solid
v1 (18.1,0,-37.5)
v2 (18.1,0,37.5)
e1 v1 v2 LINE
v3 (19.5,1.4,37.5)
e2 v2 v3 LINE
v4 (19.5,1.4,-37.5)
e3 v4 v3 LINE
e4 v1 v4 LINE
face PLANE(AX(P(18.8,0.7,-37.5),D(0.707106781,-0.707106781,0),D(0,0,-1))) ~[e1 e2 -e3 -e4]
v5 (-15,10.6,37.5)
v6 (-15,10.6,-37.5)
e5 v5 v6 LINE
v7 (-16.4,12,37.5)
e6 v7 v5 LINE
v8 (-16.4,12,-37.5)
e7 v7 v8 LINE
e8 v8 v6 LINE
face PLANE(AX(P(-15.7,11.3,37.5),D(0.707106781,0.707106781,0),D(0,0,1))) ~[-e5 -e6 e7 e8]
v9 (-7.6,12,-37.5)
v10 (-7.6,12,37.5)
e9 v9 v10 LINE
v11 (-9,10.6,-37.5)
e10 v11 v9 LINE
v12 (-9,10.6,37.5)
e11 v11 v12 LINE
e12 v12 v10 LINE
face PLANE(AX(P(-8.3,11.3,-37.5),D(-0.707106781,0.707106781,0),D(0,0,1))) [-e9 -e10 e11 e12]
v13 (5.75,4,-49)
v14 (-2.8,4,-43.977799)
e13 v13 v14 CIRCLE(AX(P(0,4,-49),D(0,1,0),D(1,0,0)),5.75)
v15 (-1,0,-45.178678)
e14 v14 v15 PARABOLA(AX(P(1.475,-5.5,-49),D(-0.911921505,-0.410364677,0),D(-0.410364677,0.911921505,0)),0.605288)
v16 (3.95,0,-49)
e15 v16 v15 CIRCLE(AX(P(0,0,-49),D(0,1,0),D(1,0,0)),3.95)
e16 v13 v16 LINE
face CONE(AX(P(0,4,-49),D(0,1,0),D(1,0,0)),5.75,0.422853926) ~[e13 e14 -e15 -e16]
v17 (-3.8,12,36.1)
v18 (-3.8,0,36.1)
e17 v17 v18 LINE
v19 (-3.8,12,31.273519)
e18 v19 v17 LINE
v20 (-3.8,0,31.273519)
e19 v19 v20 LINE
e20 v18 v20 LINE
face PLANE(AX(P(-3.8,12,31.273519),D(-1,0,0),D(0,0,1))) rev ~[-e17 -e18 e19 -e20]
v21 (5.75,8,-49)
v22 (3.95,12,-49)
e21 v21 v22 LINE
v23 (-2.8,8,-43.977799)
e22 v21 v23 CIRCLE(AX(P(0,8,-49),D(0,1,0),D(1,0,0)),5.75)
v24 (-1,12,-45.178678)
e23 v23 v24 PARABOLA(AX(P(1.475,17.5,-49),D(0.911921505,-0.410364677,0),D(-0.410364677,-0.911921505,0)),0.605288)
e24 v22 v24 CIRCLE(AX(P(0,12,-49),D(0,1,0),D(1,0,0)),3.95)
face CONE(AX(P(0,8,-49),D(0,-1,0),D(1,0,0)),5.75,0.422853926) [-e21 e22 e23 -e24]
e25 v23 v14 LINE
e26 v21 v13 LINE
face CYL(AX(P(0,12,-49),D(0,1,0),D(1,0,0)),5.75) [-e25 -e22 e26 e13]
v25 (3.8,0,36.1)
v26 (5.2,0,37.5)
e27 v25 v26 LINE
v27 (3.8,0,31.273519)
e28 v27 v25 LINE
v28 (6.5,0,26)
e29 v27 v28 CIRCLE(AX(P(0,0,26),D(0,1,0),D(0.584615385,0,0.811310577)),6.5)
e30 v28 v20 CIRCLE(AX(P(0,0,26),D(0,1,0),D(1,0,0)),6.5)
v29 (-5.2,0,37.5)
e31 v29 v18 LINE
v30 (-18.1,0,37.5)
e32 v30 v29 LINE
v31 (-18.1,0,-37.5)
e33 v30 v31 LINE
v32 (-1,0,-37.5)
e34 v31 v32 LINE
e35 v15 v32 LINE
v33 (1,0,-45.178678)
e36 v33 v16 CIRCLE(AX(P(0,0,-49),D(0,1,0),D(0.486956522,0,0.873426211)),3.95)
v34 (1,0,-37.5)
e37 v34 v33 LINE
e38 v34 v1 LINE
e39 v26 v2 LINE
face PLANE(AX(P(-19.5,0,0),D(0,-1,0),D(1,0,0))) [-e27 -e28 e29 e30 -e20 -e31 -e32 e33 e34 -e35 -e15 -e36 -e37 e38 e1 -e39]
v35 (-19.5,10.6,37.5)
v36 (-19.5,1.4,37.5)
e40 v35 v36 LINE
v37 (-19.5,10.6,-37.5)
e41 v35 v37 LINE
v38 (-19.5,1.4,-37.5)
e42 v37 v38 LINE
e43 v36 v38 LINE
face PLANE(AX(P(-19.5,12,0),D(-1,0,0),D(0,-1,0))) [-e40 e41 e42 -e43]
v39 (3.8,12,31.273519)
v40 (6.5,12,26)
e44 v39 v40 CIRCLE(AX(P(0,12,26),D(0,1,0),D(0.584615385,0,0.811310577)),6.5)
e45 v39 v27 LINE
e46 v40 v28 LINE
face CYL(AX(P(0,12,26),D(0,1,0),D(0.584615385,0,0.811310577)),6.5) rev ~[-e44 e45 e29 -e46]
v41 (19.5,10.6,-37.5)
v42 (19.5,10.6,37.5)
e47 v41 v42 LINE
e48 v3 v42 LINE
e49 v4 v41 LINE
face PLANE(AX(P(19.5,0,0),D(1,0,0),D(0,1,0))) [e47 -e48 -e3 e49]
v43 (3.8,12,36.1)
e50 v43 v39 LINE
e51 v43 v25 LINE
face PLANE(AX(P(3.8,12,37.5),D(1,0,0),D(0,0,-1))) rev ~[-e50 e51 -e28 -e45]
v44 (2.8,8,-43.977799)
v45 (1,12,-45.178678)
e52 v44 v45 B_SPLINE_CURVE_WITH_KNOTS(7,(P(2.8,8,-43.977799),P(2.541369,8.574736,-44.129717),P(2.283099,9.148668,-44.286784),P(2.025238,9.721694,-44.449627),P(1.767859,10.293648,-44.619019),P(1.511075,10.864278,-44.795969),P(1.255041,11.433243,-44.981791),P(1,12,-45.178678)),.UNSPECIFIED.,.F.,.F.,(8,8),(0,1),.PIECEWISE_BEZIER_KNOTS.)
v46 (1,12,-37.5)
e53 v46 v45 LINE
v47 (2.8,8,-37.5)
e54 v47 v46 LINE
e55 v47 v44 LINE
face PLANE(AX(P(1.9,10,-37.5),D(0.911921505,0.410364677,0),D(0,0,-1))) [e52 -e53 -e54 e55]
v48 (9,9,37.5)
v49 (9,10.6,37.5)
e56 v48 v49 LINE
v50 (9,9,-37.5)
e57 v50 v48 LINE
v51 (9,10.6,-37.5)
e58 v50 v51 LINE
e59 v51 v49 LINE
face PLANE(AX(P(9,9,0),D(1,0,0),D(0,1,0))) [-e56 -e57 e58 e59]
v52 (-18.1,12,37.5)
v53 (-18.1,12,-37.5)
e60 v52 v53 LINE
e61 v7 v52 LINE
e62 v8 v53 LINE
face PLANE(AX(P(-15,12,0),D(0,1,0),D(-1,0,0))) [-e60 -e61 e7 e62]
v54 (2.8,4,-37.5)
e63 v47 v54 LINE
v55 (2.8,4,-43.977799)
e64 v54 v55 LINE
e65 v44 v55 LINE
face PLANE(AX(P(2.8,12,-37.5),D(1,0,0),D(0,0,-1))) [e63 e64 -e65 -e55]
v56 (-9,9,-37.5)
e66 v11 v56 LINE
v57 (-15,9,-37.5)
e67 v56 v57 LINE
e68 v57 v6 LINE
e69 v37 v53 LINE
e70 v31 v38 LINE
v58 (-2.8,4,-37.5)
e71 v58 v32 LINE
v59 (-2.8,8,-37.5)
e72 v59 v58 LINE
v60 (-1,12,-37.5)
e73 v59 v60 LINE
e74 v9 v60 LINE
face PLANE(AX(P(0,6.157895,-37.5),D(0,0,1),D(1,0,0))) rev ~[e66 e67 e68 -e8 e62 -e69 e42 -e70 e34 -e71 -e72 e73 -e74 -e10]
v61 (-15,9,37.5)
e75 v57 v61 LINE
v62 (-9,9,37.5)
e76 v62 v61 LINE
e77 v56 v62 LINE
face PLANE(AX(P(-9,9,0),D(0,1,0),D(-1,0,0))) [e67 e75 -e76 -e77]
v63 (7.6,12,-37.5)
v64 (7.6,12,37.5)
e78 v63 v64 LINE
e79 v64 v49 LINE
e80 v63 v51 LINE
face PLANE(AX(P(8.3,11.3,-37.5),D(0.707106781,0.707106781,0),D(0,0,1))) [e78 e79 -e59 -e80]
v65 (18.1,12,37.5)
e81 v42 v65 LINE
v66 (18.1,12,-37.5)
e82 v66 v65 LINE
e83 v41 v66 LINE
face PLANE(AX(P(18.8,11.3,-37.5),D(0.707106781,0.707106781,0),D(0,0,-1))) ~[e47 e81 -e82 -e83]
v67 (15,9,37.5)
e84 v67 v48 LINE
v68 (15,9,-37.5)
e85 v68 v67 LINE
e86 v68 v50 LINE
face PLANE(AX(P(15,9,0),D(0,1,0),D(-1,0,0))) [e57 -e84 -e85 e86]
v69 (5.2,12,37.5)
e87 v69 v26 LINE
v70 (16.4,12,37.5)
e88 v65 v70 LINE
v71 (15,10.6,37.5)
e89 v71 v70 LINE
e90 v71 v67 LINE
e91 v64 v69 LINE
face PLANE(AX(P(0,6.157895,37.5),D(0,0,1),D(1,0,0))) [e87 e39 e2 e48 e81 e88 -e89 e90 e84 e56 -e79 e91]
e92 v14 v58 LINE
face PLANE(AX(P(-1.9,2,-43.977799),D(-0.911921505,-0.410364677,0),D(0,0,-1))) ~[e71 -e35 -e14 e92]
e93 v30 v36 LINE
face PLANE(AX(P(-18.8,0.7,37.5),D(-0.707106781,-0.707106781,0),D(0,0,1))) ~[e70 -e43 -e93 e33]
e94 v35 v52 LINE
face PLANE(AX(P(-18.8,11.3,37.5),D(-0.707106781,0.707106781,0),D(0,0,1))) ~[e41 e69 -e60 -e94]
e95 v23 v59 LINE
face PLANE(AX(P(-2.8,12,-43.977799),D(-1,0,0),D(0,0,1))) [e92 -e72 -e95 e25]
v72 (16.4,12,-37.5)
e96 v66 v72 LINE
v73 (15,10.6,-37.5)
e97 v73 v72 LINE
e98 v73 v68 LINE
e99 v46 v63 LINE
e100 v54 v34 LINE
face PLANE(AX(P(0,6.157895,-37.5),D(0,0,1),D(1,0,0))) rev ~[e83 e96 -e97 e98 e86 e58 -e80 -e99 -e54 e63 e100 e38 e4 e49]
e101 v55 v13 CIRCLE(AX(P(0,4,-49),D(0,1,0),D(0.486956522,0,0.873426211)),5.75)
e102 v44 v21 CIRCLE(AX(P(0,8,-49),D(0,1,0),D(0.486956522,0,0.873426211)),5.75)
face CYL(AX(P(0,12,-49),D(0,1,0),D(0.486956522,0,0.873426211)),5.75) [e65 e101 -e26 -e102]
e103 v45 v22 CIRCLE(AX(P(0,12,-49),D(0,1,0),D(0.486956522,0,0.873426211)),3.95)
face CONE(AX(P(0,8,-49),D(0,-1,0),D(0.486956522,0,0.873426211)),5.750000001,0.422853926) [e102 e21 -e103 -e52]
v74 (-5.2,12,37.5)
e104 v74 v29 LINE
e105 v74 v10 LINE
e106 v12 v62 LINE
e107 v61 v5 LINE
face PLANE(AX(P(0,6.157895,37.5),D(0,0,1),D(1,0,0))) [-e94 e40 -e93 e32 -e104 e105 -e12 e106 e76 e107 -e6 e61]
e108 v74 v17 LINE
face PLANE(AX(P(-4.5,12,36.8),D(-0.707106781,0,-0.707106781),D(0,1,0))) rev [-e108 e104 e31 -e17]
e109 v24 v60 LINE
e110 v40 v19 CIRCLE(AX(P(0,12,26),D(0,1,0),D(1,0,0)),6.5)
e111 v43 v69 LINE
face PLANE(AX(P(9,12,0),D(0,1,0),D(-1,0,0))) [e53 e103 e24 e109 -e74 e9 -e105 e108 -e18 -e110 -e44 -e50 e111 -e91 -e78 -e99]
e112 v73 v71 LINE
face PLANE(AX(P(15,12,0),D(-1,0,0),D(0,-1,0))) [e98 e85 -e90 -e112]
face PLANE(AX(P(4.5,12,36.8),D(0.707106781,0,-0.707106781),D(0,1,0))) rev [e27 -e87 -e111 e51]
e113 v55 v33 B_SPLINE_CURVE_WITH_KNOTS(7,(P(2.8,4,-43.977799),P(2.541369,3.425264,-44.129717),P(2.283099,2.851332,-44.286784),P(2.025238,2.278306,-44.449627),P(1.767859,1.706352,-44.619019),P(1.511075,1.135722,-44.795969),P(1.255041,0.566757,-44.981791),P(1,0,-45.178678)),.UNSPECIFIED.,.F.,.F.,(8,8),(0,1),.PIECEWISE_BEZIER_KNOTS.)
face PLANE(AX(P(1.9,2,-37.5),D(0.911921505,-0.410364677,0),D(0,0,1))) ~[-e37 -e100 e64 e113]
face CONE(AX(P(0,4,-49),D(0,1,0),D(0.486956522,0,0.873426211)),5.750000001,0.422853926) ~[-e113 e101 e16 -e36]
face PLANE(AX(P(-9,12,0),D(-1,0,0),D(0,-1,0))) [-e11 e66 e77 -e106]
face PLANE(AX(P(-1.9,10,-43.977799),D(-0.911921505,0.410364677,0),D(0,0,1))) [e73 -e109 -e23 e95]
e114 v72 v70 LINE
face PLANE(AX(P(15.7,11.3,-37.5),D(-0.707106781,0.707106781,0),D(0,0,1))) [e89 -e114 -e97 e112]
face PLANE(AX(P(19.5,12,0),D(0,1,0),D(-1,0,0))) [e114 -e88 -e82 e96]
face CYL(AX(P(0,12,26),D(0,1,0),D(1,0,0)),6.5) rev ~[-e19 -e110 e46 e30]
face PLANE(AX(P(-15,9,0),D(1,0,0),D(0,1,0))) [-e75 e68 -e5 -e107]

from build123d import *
from OCP.BRepFilletAPI import BRepFilletAPI_MakeChamfer

# Parameters (mm, degrees)
BOSS_EXTRUDE1_DEPTH = 37.5
CUT_EXTRUDE1_DEPTH  = 44.937455548
CHAMFER1_SIZE       = 1.4
BOSS_EXTRUDE2_DEPTH = 12
CHAMFER2_SIZE       = 4
CHAMFER2_SIZE2      = 1.8


with BuildPart() as part:
    # Sketch2 → Boss-Extrude1 (new, symmetric)
    with BuildSketch(Plane.XY):
        Polygon((-19.5, 0), (19.5, 0), (19.5, 12), (15, 12), (15, 9), (9, 9), (9, 12), (-9, 12), (-9, 9), (-15, 9), (-15, 12), (-19.5, 12), align=None)
    extrude(amount=BOSS_EXTRUDE1_DEPTH, both=True)

    # Sketch3 → Cut-Extrude1 (cut, through all)
    with BuildSketch(Plane(origin=(0, 12, 0), x_dir=(1, 0, 0), z_dir=(0, 1, 0))):
        with BuildLine():
            ThreePointArc((-3.8, -31.273518749), (0, -32.5), (3.8, -31.273518749))
            Line((3.8, -31.273518749), (3.8, -26))
            Line((3.8, -26), (-3.8, -26))
            Line((-3.8, -26), (-3.8, -31.273518749))
        make_face()
        with BuildLine():
            Line((3.8, -26), (3.8, -31.273518749))
            ThreePointArc((3.8, -31.273518749), (5.785758377, -28.962262649), (6.5, -26))
            ThreePointArc((6.5, -26), (-2.962262649, -20.214241623), (-3.8, -31.273518749))
            Line((-3.8, -31.273518749), (-3.8, -26))
            Line((-3.8, -26), (3.8, -26))
        make_face()
        with BuildLine():
            Line((-3.8, -37.5), (3.8, -37.5))
            Line((3.8, -37.5), (3.8, -31.273518749))
            ThreePointArc((3.8, -31.273518749), (0, -32.5), (-3.8, -31.273518749))
            Line((-3.8, -31.273518749), (-3.8, -37.5))
        make_face()
    extrude(amount=-CUT_EXTRUDE1_DEPTH, mode=Mode.SUBTRACT)

    # Chamfer1
    chamfer1_edges = [part.edges().sort_by_distance(p)[0] for p in [
        (-19.5, 12, 0),
        (-15, 12, 0),
        (-9, 12, 0),
        (9, 12, 0),
        (15, 12, 0),
        (19.5, 12, 0),
        (19.5, 0, 0),
        (-19.5, 0, 0),
        (3.8, 6, 37.5),
        (-3.8, 6, 37.5),
    ]]
    chamfer(chamfer1_edges, length=CHAMFER1_SIZE)

    # Sketch4 → Boss-Extrude2 (add)
    with BuildSketch(Plane(origin=(0, 12, 0), x_dir=(1, 0, 0), z_dir=(0, 1, 0))):
        with BuildLine():
            Line((-2.8, 43.977799287), (-2.8, 49))
            Line((-2.8, 49), (2.8, 49))
            Line((2.8, 49), (2.8, 43.977799287))
            ThreePointArc((2.8, 43.977799287), (4.957948164, 46.087741426), (5.75, 49))
            ThreePointArc((5.75, 49), (-2.912258574, 53.957948164), (-2.8, 43.977799287))
        make_face()
        with BuildLine():
            Line((2.8, 49), (-2.8, 49))
            Line((-2.8, 49), (-2.8, 43.977799287))
            ThreePointArc((-2.8, 43.977799287), (0, 43.25), (2.8, 43.977799287))
            Line((2.8, 43.977799287), (2.8, 49))
        make_face()
        with BuildLine():
            ThreePointArc((2.8, 43.977799287), (0, 43.25), (-2.8, 43.977799287))
            Line((-2.8, 43.977799287), (-2.8, 37.5))
            Line((-2.8, 37.5), (2.8, 37.5))
            Line((2.8, 37.5), (2.8, 43.977799287))
        make_face()
    extrude(amount=-BOSS_EXTRUDE2_DEPTH)

    # Chamfer2: one chamfer whose edges measure the first distance from different faces: ONE call of the kernel's chamfer builder (chamfer() names one face for all edges)
    chamfer2_edges_1 = [part.edges().sort_by_distance(p)[0] for p in [
        (2.8, 0, -40.738899644),
        (2.8, 12, -40.738899644),
    ]]
    chamfer2_side_1 = [part.faces().sort_by_distance(p)[0] for p in [
        (2.8, 6, -40.738899644),
    ]]
    chamfer2_edges_2 = [part.edges().sort_by_distance(p)[0] for p in [
        (0, 12, -54.75),
        (0, 0, -54.75),
    ]]
    chamfer2_side_2 = [part.faces().sort_by_distance(p)[0] for p in [
        (0, 6, -54.75),
    ]]
    chamfer2_edges_3 = [part.edges().sort_by_distance(p)[0] for p in [
        (-2.8, 12, -40.738899644),
        (-2.8, 0, -40.738899644),
    ]]
    chamfer2_side_3 = [part.faces().sort_by_distance(p)[0] for p in [
        (-2.8, 6, -40.738899644),
    ]]
    chamfer2 = BRepFilletAPI_MakeChamfer(part.part.solid().wrapped)
    for e in chamfer2_edges_1:
        chamfer2.Add(CHAMFER2_SIZE, CHAMFER2_SIZE2, e.wrapped, chamfer2_side_1[0].wrapped)  # the first distance lies on this face
    for e in chamfer2_edges_2:
        chamfer2.Add(CHAMFER2_SIZE, CHAMFER2_SIZE2, e.wrapped, chamfer2_side_2[0].wrapped)  # the first distance lies on this face
    for e in chamfer2_edges_3:
        chamfer2.Add(CHAMFER2_SIZE, CHAMFER2_SIZE2, e.wrapped, chamfer2_side_3[0].wrapped)  # the first distance lies on this face
    add(Compound.cast(chamfer2.Shape()), mode=Mode.REPLACE)


solid = part.part
